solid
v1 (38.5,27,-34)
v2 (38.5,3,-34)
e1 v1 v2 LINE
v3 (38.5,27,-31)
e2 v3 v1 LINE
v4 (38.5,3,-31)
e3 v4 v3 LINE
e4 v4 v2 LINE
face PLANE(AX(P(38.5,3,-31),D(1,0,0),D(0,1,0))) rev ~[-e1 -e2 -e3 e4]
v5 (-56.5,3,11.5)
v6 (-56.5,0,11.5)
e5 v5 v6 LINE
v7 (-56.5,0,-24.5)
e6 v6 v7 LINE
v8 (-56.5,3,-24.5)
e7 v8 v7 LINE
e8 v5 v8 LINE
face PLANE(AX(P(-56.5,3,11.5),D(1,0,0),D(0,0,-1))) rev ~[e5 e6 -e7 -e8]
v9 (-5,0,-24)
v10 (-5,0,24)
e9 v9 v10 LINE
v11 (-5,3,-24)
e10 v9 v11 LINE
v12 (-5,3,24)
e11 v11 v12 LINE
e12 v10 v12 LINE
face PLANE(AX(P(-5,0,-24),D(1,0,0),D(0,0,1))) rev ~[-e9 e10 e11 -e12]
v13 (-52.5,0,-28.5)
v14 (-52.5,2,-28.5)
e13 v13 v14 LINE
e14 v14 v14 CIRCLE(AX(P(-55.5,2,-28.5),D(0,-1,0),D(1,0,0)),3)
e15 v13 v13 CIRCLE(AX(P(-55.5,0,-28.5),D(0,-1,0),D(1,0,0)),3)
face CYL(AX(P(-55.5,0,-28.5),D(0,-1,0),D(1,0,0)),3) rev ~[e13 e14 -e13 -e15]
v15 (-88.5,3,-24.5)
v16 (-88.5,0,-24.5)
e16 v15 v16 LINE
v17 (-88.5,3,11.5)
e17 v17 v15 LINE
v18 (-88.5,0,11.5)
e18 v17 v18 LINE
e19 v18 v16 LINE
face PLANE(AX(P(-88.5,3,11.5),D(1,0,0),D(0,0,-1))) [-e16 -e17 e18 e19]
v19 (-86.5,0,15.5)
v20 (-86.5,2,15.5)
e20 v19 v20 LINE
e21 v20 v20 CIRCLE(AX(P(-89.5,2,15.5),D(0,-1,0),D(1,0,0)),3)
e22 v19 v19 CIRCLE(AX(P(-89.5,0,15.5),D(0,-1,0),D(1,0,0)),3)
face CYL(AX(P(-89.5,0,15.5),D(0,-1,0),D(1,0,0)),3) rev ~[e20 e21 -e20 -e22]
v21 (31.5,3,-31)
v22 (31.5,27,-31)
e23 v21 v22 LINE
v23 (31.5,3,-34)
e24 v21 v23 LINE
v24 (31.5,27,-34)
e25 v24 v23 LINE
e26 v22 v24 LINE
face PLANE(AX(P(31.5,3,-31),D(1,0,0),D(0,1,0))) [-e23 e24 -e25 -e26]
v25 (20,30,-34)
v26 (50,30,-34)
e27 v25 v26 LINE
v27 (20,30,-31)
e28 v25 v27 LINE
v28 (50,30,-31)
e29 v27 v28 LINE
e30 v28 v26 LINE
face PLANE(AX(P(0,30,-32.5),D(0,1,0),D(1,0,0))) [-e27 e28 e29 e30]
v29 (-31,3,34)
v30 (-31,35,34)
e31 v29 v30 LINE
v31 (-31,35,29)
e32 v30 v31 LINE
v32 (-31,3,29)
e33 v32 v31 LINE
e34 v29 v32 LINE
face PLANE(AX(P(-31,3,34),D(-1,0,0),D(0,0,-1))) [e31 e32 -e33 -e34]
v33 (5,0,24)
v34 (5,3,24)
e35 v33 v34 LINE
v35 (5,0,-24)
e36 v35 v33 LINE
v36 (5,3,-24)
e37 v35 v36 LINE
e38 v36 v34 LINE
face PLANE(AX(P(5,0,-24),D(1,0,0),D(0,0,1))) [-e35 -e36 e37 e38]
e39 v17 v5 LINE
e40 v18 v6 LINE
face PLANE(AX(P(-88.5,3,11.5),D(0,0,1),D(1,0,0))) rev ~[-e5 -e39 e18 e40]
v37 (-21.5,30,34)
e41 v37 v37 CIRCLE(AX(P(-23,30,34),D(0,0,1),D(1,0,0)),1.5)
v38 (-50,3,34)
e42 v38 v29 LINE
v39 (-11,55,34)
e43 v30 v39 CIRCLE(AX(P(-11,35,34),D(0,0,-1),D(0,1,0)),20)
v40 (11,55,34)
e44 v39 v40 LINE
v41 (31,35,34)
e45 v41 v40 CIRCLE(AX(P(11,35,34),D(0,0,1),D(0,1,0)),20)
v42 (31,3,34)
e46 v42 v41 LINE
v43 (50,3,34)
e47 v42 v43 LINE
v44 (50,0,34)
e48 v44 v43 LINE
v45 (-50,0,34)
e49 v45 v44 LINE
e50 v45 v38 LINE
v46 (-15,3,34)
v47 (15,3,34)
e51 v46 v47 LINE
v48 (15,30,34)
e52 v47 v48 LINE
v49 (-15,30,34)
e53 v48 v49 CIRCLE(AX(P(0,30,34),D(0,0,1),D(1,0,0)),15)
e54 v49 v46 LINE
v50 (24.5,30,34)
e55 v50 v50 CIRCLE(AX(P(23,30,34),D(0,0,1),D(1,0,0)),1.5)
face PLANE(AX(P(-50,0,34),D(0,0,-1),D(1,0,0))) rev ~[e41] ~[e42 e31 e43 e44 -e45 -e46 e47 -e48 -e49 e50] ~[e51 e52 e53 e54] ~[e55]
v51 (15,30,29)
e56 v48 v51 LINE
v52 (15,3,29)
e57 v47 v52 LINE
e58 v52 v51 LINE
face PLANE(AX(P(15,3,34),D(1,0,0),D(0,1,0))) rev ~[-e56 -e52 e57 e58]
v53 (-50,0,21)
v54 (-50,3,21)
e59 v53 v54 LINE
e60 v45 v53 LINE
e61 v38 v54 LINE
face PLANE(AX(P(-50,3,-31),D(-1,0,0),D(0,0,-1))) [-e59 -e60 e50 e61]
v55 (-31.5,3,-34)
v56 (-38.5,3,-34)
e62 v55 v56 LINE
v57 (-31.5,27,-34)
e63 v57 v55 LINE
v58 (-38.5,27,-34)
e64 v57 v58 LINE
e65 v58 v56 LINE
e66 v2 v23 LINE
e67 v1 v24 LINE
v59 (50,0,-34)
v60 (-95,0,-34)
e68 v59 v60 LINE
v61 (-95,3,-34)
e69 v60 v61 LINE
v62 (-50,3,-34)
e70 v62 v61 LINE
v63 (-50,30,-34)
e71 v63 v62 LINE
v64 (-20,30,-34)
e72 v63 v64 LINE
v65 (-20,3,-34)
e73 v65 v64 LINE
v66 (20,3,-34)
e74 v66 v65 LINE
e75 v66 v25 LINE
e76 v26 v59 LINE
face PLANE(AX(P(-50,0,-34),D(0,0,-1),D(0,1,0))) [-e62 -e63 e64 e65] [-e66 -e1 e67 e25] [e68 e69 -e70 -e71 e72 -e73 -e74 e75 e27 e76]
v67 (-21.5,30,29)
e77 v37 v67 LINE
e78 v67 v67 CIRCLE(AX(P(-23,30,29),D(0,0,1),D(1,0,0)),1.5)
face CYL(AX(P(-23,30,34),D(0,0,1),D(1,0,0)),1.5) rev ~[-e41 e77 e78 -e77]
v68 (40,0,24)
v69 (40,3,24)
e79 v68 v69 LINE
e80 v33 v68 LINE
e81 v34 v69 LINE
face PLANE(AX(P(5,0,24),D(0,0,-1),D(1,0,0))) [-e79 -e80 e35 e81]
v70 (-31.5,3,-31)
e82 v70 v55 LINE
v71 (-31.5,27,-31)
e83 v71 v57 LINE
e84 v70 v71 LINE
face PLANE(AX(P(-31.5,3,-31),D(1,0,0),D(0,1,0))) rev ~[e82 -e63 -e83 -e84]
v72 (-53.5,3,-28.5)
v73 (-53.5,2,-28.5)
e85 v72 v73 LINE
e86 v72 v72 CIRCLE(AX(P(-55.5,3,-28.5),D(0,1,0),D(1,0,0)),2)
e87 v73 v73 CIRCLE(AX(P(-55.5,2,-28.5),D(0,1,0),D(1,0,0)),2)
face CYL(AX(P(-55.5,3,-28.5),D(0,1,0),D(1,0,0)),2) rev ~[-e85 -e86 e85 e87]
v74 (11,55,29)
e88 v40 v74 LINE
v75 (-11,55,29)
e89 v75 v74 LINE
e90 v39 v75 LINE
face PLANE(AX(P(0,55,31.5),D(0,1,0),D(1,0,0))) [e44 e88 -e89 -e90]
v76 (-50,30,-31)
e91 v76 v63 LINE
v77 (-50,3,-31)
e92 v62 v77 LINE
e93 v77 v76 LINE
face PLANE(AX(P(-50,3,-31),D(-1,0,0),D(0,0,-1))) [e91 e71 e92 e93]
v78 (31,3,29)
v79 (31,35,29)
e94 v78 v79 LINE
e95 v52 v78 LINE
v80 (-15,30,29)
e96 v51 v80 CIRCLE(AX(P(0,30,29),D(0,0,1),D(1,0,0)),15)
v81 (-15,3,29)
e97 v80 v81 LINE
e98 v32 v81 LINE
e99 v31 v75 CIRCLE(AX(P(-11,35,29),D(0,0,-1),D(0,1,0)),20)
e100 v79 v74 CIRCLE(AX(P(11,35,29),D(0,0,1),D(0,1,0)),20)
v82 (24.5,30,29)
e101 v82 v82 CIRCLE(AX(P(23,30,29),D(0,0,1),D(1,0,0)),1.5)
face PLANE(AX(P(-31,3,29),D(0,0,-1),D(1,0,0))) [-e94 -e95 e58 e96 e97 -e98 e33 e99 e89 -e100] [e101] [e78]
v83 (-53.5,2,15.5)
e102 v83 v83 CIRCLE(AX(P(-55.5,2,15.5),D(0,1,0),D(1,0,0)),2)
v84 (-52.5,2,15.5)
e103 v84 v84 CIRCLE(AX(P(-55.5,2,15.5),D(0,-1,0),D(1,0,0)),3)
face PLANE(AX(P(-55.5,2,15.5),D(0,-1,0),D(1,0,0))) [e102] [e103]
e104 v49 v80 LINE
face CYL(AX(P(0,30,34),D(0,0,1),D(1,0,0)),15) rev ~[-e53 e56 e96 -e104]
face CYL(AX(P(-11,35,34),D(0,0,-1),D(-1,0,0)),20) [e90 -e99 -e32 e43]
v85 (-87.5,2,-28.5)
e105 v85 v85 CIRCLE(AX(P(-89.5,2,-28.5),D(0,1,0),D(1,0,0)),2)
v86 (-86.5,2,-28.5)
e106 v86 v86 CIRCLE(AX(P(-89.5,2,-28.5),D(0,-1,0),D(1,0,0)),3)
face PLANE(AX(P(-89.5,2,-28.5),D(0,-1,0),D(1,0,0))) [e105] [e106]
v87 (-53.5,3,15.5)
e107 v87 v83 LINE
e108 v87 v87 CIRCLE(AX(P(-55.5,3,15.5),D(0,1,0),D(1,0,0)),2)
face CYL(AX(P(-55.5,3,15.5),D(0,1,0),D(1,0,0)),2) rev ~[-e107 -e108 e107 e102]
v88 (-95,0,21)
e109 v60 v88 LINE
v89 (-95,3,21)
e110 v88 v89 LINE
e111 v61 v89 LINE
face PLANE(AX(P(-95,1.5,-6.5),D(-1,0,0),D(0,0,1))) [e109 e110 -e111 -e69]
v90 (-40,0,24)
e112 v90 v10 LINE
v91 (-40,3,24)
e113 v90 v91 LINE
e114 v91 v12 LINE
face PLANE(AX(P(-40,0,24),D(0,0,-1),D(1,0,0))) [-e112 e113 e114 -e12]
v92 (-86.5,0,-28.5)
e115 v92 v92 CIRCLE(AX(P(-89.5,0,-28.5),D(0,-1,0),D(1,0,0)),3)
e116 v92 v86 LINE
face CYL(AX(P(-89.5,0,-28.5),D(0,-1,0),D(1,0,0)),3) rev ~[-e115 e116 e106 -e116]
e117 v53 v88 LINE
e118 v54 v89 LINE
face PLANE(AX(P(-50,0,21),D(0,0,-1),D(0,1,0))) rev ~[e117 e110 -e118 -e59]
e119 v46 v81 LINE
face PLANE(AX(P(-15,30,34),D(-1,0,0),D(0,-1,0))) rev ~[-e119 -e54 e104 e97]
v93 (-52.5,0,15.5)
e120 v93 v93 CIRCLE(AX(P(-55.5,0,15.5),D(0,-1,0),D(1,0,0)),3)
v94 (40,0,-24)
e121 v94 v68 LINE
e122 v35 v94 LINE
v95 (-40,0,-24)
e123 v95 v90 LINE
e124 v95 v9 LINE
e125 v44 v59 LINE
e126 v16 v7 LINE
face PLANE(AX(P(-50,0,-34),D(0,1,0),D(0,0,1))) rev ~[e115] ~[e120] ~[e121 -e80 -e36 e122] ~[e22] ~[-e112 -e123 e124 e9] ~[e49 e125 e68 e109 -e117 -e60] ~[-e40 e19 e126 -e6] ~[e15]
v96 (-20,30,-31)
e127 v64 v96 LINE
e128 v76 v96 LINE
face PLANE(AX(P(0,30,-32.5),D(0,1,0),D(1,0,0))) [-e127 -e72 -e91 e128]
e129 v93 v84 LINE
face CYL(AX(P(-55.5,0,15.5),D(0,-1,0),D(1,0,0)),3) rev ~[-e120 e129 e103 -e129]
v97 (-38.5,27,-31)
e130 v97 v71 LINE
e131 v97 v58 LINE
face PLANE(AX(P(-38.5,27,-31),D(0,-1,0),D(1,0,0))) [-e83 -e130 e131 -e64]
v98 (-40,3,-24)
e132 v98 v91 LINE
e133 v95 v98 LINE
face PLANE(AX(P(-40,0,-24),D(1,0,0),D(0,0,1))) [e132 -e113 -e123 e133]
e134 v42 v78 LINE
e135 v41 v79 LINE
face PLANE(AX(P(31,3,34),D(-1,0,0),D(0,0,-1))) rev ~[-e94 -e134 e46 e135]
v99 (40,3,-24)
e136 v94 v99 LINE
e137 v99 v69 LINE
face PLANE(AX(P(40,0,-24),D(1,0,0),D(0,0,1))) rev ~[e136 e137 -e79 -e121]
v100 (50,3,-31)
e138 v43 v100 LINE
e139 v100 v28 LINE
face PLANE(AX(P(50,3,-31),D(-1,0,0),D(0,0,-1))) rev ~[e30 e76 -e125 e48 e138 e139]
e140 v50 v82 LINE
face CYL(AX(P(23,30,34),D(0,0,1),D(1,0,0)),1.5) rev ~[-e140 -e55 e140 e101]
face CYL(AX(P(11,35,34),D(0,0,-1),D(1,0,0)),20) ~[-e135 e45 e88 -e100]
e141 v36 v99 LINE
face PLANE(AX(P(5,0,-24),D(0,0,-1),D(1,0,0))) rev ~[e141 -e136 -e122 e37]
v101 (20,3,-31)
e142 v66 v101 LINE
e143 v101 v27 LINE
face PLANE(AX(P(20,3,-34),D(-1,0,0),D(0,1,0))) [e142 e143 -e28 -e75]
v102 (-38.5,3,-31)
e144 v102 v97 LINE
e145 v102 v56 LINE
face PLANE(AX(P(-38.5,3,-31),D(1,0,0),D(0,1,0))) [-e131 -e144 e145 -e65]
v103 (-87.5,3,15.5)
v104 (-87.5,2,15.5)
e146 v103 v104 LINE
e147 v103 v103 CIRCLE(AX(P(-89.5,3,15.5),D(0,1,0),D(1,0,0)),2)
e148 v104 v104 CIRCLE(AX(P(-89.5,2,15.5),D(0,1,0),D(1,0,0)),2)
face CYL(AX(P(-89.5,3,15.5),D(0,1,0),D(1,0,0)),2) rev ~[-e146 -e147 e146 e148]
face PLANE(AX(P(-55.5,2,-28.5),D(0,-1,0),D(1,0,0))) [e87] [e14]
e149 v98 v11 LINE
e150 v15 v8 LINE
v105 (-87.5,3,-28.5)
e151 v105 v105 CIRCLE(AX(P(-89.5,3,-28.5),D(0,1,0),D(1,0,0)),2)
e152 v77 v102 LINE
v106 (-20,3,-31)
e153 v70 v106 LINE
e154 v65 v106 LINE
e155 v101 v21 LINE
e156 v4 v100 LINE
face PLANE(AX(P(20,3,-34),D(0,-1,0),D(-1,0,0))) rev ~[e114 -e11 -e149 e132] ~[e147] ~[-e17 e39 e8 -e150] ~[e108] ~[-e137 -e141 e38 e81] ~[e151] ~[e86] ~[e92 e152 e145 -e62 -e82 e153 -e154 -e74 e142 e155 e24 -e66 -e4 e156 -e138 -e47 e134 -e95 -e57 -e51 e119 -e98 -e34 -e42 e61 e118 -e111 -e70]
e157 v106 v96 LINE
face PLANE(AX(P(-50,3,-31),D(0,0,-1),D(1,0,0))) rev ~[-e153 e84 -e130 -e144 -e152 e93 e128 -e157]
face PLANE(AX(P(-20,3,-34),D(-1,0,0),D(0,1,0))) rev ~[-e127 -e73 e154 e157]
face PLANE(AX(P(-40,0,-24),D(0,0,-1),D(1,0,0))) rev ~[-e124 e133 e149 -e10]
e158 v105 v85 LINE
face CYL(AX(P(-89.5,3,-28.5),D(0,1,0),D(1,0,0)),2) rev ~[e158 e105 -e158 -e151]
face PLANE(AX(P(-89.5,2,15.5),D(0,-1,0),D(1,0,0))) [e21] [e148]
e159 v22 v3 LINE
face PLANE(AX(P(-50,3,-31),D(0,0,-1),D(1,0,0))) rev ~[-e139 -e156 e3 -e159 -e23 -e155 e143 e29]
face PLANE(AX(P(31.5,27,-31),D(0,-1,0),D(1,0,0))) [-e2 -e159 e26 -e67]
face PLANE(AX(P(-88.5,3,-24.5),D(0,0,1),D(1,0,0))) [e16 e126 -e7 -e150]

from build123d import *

# Parameters (mm, degrees)
SKETCH_1_W           = 100
SKETCH_1_H           = 68
EXTRUDE_1_DEPTH      = 3
SKETCH_2_W           = 100
SKETCH_2_H           = 3
EXTRUDE_2_DEPTH      = 27
SKETCH_3_W           = 7
SKETCH_3_H           = 24
CUT_EXTRUDE_2_DEPTH  = 27
SKETCH_4_W           = 62
SKETCH_4_H           = 5
EXTRUDE_3_DEPTH      = 52
SKETCH_5_R           = 1.5
CUT_EXTRUDE_4_DEPTH  = 5
SKETCH_7_W           = 35
SKETCH_7_H           = 48
CUT_EXTRUDE_5_DEPTH  = 3
SKETCH_11_W          = 55
SKETCH_11_H          = 3
EXTRUDE_5_DEPTH      = 45
SKETCH_13_R          = 2
SKETCH_13_W          = 32
SKETCH_13_H          = 36
CUT_EXTRUDE_8_DEPTH  = 3
SKETCH_14_R          = 3
CUT_EXTRUDE_9_DEPTH  = 2
SKETCH_15_W          = 40
SKETCH_15_H          = 27
CUT_EXTRUDE_10_DEPTH = 3
FILLET_1_R           = 20


with BuildPart() as part:
    # 스케치1 → 보스-돌출1 (new body)
    with BuildSketch(Plane(origin=(0, 0, 0), x_dir=(1, 0, 0), z_dir=(0, 1, 0))):
        Rectangle(SKETCH_1_W, SKETCH_1_H)
    extrude(amount=EXTRUDE_1_DEPTH)

    # 스케치2 → 보스-돌출2 (add)
    with BuildSketch(Plane(origin=(0, 3, 0), x_dir=(1, 0, 0), z_dir=(0, 1, 0))):
        with Locations((0, 32.5)):
            Rectangle(SKETCH_2_W, SKETCH_2_H)
    extrude(amount=EXTRUDE_2_DEPTH)

    # 스케치3 → 컷-돌출2 (cut)
    with BuildSketch(Plane.XY.offset(-31)):
        with Locations((-35, 15)):
            Rectangle(SKETCH_3_W, SKETCH_3_H)
        with Locations((35, 15)):
            Rectangle(SKETCH_3_W, SKETCH_3_H)
    extrude(amount=-CUT_EXTRUDE_2_DEPTH, mode=Mode.SUBTRACT)

    # 스케치4 → 보스-돌출3 (add)
    with BuildSketch(Plane(origin=(0, 3, 0), x_dir=(1, 0, 0), z_dir=(0, 1, 0))):
        with Locations((0, -31.5)):
            Rectangle(SKETCH_4_W, SKETCH_4_H)
    extrude(amount=EXTRUDE_3_DEPTH)

    # 스케치5 → 컷-돌출4 (cut)
    with BuildSketch(Plane.XY.offset(34)):
        with Locations((-23, 30)):
            Circle(SKETCH_5_R)
        with Locations((23, 30)):
            Circle(SKETCH_5_R)
        with BuildLine():
            Line((-15, 30), (-15, 3))
            Line((-15, 3), (15, 3))
            Line((15, 3), (15, 30))
            ThreePointArc((15, 30), (0, 45), (-15, 30))
        make_face()
    extrude(amount=-CUT_EXTRUDE_4_DEPTH, mode=Mode.SUBTRACT)

    # 스케치7 → 컷-돌출5 (cut)
    with BuildSketch(Plane.XZ):
        with Locations((22.5, 0)):
            Rectangle(SKETCH_7_W, SKETCH_7_H)
        with Locations((-22.5, 0)):
            Rectangle(SKETCH_7_W, SKETCH_7_H)
    extrude(amount=-CUT_EXTRUDE_5_DEPTH, mode=Mode.SUBTRACT)

    # 스케치11 → 보스-돌출5 (add)
    with BuildSketch(Plane.ZY.offset(50)):
        with Locations((-6.5, 1.5)):
            Rectangle(SKETCH_11_W, SKETCH_11_H)
    extrude(amount=EXTRUDE_5_DEPTH)

    # 스케치13 → 컷-돌출8 (cut)
    with BuildSketch(Plane(origin=(0, 3, 0), x_dir=(1, 0, 0), z_dir=(0, 1, 0))):
        with Locations((-55.5, -15.5)):
            Circle(SKETCH_13_R)
        with Locations((-89.5, -15.5)):
            Circle(SKETCH_13_R)
        with Locations((-89.5, 28.5)):
            Circle(SKETCH_13_R)
        with Locations((-55.5, 28.5)):
            Circle(SKETCH_13_R)
        with Locations((-72.5, 6.5)):
            Rectangle(SKETCH_13_W, SKETCH_13_H)
    extrude(amount=-CUT_EXTRUDE_8_DEPTH, mode=Mode.SUBTRACT)

    # 스케치14 → 컷-돌출9 (cut)
    with BuildSketch(Plane.XZ):
        with Locations((-89.5, 15.5)):
            Circle(SKETCH_14_R)
        with Locations((-89.5, -28.5)):
            Circle(SKETCH_14_R)
        with Locations((-55.5, -28.5)):
            Circle(SKETCH_14_R)
        with Locations((-55.5, 15.5)):
            Circle(SKETCH_14_R)
    extrude(amount=-CUT_EXTRUDE_9_DEPTH, mode=Mode.SUBTRACT)

    # 스케치15 → 컷-돌출10 (cut)
    with BuildSketch(Plane(origin=(0, 0, -34), x_dir=(-1, 0, 0), z_dir=(0, 0, -1))):
        with Locations((0, 16.5)):
            Rectangle(SKETCH_15_W, SKETCH_15_H)
    extrude(amount=-CUT_EXTRUDE_10_DEPTH, mode=Mode.SUBTRACT)

    # 필렛1
    fillet_1_edges = [part.edges().sort_by_distance(p)[0] for p in [
        (31, 55, 31.5),
        (-31, 55, 31.5),
    ]]
    fillet(fillet_1_edges, radius=FILLET_1_R)


solid = part.part
